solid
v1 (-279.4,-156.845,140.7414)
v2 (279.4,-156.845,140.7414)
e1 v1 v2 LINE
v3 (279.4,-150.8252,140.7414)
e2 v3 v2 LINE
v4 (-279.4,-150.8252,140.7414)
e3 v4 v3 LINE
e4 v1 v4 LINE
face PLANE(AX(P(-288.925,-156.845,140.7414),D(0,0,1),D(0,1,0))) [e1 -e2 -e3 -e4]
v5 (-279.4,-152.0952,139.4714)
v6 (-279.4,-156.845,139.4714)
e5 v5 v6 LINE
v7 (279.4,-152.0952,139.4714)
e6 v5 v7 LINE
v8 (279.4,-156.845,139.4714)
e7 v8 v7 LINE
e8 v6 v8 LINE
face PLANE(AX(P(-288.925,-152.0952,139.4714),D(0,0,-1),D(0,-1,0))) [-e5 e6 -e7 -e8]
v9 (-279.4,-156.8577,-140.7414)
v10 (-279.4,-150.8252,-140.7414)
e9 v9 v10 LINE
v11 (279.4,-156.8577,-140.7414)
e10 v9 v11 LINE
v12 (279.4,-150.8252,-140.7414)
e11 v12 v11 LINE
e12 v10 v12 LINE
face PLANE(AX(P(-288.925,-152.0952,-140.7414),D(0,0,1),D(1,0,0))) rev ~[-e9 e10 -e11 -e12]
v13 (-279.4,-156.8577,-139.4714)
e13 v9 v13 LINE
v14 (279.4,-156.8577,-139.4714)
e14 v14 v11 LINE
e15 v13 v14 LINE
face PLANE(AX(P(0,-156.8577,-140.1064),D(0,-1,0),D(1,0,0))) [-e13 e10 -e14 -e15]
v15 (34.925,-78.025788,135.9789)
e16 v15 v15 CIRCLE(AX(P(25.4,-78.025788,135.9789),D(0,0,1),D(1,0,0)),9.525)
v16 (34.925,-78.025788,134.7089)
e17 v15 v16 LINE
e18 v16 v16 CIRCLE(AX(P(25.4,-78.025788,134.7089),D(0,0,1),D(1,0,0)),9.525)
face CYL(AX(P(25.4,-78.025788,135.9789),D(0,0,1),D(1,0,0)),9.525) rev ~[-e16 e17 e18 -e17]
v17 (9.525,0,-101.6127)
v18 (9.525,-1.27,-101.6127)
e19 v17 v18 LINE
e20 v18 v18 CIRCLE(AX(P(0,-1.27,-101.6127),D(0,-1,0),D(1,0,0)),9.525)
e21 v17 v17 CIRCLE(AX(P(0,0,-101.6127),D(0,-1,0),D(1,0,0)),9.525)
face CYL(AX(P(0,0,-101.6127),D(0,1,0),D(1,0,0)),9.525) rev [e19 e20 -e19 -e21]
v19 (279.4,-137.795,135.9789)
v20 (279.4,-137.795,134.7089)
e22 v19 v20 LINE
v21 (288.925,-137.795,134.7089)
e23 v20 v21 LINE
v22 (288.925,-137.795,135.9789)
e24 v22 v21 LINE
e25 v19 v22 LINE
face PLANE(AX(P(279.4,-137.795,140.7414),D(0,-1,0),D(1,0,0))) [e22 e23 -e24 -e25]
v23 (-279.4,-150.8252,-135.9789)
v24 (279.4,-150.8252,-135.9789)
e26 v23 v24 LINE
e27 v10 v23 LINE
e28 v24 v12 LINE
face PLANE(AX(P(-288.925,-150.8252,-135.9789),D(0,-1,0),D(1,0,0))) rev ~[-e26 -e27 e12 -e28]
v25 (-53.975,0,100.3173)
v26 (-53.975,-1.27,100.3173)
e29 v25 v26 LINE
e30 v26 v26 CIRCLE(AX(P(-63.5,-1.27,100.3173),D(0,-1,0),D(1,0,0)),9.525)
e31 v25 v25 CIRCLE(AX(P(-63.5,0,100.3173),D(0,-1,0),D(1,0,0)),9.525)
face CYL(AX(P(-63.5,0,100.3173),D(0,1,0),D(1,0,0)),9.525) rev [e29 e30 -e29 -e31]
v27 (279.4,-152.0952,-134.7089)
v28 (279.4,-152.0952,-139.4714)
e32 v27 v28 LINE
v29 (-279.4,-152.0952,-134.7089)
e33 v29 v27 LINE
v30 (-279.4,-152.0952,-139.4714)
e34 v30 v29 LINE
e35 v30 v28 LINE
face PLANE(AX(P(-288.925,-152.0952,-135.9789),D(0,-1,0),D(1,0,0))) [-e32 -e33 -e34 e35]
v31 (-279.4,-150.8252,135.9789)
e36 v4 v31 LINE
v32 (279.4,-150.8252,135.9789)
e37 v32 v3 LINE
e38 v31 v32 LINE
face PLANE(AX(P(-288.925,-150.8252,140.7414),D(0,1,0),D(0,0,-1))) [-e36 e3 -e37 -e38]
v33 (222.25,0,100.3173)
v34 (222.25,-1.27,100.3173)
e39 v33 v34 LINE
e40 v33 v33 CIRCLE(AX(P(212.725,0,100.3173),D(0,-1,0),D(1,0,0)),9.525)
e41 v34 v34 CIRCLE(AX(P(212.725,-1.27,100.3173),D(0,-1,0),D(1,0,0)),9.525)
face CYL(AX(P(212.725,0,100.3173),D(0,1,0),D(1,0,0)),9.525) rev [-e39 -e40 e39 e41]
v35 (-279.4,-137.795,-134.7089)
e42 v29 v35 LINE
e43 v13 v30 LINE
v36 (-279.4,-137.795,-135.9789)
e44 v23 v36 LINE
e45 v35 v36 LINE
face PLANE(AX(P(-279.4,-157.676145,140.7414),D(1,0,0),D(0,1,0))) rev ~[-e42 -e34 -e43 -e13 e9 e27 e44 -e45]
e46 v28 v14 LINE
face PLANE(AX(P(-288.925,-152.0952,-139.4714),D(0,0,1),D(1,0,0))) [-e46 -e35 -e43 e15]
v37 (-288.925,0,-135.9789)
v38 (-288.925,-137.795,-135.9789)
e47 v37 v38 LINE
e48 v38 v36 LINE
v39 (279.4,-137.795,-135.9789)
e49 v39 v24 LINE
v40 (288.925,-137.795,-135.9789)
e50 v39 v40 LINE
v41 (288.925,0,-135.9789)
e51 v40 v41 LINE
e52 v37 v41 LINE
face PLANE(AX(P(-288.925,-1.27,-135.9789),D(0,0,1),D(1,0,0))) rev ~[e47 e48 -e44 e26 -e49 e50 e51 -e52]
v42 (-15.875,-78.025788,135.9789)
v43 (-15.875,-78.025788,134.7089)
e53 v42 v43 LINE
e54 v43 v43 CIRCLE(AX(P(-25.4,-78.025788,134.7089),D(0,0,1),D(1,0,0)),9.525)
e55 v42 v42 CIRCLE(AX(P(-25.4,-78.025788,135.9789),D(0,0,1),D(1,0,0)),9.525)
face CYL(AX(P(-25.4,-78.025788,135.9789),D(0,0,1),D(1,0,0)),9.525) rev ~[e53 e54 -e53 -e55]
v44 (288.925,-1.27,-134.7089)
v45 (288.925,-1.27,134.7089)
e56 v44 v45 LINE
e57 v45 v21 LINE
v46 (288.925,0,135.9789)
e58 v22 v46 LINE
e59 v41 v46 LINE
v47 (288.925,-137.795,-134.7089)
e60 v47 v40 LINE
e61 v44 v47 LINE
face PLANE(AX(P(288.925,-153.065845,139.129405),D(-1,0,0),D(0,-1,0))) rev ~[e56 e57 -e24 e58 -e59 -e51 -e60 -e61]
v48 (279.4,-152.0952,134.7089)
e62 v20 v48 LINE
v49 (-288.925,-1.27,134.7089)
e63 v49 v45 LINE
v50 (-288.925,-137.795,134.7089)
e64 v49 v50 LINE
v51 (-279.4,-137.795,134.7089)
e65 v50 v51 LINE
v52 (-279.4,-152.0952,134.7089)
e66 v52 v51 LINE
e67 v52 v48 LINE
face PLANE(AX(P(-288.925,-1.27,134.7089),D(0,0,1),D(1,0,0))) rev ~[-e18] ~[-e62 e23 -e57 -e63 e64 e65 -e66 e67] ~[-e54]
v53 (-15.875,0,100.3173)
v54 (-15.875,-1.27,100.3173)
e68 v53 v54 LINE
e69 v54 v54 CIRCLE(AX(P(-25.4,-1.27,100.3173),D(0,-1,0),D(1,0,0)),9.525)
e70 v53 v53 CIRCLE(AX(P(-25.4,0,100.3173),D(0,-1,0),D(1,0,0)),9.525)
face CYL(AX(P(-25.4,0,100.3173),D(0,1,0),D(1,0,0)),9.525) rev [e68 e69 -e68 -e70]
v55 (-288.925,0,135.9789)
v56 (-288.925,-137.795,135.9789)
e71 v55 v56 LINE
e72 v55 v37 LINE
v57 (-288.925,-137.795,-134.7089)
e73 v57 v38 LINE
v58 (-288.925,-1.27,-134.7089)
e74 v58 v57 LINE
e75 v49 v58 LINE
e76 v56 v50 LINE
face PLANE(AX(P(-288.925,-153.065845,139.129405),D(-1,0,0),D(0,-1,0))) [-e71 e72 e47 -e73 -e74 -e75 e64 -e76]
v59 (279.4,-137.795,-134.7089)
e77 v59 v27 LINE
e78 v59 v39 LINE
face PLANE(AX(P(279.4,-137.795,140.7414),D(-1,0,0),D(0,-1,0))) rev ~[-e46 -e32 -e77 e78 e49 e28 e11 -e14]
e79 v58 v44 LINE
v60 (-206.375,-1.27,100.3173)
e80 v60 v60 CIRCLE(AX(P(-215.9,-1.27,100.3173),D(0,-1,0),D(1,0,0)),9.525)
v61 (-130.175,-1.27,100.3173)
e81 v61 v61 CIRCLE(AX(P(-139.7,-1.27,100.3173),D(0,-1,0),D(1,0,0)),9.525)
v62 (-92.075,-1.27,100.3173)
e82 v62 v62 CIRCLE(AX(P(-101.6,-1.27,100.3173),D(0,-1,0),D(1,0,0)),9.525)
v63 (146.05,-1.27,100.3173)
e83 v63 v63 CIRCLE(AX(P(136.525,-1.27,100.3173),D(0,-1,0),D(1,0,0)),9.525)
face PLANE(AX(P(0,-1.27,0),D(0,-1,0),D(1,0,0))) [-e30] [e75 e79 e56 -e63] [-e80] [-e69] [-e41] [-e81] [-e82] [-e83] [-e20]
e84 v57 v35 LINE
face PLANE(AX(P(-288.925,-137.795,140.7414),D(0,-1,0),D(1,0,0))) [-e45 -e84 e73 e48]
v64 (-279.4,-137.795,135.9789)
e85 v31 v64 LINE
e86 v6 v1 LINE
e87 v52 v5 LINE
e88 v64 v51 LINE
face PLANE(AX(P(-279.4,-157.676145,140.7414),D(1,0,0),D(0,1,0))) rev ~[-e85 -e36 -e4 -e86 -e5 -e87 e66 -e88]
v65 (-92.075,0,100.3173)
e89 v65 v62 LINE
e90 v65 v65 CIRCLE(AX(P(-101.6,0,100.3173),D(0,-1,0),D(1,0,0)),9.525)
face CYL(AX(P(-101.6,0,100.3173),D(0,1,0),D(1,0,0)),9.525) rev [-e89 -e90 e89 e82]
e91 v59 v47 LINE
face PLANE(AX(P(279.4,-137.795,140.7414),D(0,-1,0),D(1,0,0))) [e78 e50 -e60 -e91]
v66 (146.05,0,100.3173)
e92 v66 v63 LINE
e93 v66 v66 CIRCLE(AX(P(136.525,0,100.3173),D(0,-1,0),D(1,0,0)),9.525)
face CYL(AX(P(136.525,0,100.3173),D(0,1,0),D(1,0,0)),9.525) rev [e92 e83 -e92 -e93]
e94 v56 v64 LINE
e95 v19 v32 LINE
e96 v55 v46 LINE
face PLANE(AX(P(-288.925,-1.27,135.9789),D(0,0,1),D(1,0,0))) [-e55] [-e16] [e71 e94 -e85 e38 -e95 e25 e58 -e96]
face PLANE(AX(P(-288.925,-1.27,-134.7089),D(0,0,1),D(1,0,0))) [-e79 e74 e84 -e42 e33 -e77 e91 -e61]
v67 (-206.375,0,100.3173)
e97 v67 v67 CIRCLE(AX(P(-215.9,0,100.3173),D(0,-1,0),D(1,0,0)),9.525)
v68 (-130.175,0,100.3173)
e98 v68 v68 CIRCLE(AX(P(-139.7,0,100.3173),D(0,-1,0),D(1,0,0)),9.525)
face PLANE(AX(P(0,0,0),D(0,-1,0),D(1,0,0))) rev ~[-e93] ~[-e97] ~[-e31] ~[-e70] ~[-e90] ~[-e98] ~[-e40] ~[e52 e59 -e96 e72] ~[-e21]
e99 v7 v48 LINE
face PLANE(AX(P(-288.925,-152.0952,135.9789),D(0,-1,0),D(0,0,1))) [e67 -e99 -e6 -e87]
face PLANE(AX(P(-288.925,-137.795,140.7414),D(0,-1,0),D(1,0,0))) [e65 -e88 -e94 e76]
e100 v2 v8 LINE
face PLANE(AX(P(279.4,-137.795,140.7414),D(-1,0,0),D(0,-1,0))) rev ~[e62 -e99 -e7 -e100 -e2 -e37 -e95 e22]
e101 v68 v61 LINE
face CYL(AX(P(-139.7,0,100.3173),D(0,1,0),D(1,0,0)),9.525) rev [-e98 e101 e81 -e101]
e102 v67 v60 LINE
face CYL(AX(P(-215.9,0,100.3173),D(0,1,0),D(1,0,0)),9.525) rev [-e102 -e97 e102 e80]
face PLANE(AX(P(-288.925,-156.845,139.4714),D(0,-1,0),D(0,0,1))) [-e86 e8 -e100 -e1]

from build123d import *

# Parameters (mm, degrees)
F0_R      = 9.525
F1_DEPTH  = 1.27
F2_W      = 577.85
F2_H      = 1.27
F3_DEPTH  = 150.8252
F4_W      = 577.85
F4_H      = 1.27
F5_DEPTH  = 4.7625
F6_W      = 577.85
F6_H      = 1.27
F7_DEPTH  = 4.7625
F9_DEPTH  = 577.85
F10_DEPTH = 25.4
F11_R     = 9.525
F12_DEPTH = 25.4
F13_W     = 9.525
F13_H     = 19.05
F14_DEPTH = 281.4838


with BuildPart() as f1:
    # F0 (on Front) → F1 (new body)
    with BuildSketch(Plane.XZ):
        Polygon((279.4, 287.3629), (-279.4, 287.3629), (-279.4, 264.2743), (-288.925, 264.2743), (-288.925, -264.2743), (-279.4, -264.2743), (-279.4, -287.3629), (279.4, -287.3629), (279.4, -264.2743), (288.925, -264.2743), (288.925, 264.2743), (279.4, 264.2743), align=None)
        with Locations((0, -101.6127)):
            Circle(F0_R, mode=Mode.SUBTRACT)
        with Locations((-215.9, 100.3173)):
            Circle(F0_R, mode=Mode.SUBTRACT)
        with Locations((-139.7, 100.3173)):
            Circle(F0_R, mode=Mode.SUBTRACT)
        with Locations((-101.6, 100.3173)):
            Circle(F0_R, mode=Mode.SUBTRACT)
        with Locations((-63.5, 100.3173)):
            Circle(F0_R, mode=Mode.SUBTRACT)
        with Locations((-25.4, 100.3173)):
            Circle(F0_R, mode=Mode.SUBTRACT)
        with Locations((136.525, 100.3173)):
            Circle(F0_R, mode=Mode.SUBTRACT)
        with Locations((212.725, 100.3173)):
            Circle(F0_R, mode=Mode.SUBTRACT)
    extrude(amount=F1_DEPTH)

    # F2 (on face) → F3 (join)
    with BuildSketch(Plane.XZ.offset(1.27)):
        with Locations((0, 135.3439)):
            Rectangle(F2_W, F2_H)
        with Locations((0, -135.3439)):
            Rectangle(F2_W, F2_H)
    extrude(amount=F3_DEPTH)

    # F4 (on face) → F5 (join)
    with BuildSketch(Plane(origin=(0, 0, -135.9789), x_dir=(1, 0, 0), z_dir=(0, 0, -1))):
        with Locations((0, 151.4602)):
            Rectangle(F4_W, F4_H)
    extrude(amount=F5_DEPTH)

    # F6 (on face) → F7 (join)
    with BuildSketch(Plane.XZ.offset(152.0952)):
        with Locations((0, -140.1064)):
            Rectangle(F6_W, F6_H)
    extrude(amount=F7_DEPTH)

    # F8 (on face) → F9 (join)
    with BuildSketch(Plane(origin=(-288.925, 0, 0), x_dir=(0, -1, 0), z_dir=(-1, 0, 0))):
        Polygon((150.8252, 140.7414), (150.8252, 135.9789), (152.0952, 135.9789), (152.0952, 139.4714), (156.845, 139.4714), (156.845, 140.7414), align=None)
    extrude(amount=-F9_DEPTH)

    # F10 (cut): faces of the model
    f10_faces = [f1.faces().sort_by_distance(p)[0] for p in [
        (0, -1.27, -211.346733802),
        (0, -1.27, 211.346733802),
    ]]
    extrude(f10_faces, amount=-F10_DEPTH, mode=Mode.SUBTRACT)

    # F11 (on face) → F12 (cut)
    with BuildSketch(Plane.XY.offset(135.9789)):
        with Locations((25.4, -78.0257880688)):
            Circle(F11_R)
        with Locations((-25.4, -78.0257880688)):
            Circle(F11_R)
    extrude(amount=-F12_DEPTH, mode=Mode.SUBTRACT)

    # F13 (on face) → F14 (cut, through all)
    with BuildSketch(Plane.XY.offset(140.7414)):
        with Locations((-284.1625, -147.32)):
            Rectangle(F13_W, F13_H)
        Polygon((-279.4, -156.845), (-288.925, -156.845), (-289.9772524834, -156.845), (-289.9772524834, -157.6761454344), (-279.4, -157.6761454344), align=None)
        Polygon((292.2254502773, -156.845), (288.925, -156.845), (279.4, -156.845), (279.4, -157.6761454344), (292.2254502773, -157.6761454344), align=None)
        with Locations((284.1625, -147.32)):
            Rectangle(F13_W, F13_H)
    extrude(amount=-F14_DEPTH, mode=Mode.SUBTRACT)


solid = f1.part
